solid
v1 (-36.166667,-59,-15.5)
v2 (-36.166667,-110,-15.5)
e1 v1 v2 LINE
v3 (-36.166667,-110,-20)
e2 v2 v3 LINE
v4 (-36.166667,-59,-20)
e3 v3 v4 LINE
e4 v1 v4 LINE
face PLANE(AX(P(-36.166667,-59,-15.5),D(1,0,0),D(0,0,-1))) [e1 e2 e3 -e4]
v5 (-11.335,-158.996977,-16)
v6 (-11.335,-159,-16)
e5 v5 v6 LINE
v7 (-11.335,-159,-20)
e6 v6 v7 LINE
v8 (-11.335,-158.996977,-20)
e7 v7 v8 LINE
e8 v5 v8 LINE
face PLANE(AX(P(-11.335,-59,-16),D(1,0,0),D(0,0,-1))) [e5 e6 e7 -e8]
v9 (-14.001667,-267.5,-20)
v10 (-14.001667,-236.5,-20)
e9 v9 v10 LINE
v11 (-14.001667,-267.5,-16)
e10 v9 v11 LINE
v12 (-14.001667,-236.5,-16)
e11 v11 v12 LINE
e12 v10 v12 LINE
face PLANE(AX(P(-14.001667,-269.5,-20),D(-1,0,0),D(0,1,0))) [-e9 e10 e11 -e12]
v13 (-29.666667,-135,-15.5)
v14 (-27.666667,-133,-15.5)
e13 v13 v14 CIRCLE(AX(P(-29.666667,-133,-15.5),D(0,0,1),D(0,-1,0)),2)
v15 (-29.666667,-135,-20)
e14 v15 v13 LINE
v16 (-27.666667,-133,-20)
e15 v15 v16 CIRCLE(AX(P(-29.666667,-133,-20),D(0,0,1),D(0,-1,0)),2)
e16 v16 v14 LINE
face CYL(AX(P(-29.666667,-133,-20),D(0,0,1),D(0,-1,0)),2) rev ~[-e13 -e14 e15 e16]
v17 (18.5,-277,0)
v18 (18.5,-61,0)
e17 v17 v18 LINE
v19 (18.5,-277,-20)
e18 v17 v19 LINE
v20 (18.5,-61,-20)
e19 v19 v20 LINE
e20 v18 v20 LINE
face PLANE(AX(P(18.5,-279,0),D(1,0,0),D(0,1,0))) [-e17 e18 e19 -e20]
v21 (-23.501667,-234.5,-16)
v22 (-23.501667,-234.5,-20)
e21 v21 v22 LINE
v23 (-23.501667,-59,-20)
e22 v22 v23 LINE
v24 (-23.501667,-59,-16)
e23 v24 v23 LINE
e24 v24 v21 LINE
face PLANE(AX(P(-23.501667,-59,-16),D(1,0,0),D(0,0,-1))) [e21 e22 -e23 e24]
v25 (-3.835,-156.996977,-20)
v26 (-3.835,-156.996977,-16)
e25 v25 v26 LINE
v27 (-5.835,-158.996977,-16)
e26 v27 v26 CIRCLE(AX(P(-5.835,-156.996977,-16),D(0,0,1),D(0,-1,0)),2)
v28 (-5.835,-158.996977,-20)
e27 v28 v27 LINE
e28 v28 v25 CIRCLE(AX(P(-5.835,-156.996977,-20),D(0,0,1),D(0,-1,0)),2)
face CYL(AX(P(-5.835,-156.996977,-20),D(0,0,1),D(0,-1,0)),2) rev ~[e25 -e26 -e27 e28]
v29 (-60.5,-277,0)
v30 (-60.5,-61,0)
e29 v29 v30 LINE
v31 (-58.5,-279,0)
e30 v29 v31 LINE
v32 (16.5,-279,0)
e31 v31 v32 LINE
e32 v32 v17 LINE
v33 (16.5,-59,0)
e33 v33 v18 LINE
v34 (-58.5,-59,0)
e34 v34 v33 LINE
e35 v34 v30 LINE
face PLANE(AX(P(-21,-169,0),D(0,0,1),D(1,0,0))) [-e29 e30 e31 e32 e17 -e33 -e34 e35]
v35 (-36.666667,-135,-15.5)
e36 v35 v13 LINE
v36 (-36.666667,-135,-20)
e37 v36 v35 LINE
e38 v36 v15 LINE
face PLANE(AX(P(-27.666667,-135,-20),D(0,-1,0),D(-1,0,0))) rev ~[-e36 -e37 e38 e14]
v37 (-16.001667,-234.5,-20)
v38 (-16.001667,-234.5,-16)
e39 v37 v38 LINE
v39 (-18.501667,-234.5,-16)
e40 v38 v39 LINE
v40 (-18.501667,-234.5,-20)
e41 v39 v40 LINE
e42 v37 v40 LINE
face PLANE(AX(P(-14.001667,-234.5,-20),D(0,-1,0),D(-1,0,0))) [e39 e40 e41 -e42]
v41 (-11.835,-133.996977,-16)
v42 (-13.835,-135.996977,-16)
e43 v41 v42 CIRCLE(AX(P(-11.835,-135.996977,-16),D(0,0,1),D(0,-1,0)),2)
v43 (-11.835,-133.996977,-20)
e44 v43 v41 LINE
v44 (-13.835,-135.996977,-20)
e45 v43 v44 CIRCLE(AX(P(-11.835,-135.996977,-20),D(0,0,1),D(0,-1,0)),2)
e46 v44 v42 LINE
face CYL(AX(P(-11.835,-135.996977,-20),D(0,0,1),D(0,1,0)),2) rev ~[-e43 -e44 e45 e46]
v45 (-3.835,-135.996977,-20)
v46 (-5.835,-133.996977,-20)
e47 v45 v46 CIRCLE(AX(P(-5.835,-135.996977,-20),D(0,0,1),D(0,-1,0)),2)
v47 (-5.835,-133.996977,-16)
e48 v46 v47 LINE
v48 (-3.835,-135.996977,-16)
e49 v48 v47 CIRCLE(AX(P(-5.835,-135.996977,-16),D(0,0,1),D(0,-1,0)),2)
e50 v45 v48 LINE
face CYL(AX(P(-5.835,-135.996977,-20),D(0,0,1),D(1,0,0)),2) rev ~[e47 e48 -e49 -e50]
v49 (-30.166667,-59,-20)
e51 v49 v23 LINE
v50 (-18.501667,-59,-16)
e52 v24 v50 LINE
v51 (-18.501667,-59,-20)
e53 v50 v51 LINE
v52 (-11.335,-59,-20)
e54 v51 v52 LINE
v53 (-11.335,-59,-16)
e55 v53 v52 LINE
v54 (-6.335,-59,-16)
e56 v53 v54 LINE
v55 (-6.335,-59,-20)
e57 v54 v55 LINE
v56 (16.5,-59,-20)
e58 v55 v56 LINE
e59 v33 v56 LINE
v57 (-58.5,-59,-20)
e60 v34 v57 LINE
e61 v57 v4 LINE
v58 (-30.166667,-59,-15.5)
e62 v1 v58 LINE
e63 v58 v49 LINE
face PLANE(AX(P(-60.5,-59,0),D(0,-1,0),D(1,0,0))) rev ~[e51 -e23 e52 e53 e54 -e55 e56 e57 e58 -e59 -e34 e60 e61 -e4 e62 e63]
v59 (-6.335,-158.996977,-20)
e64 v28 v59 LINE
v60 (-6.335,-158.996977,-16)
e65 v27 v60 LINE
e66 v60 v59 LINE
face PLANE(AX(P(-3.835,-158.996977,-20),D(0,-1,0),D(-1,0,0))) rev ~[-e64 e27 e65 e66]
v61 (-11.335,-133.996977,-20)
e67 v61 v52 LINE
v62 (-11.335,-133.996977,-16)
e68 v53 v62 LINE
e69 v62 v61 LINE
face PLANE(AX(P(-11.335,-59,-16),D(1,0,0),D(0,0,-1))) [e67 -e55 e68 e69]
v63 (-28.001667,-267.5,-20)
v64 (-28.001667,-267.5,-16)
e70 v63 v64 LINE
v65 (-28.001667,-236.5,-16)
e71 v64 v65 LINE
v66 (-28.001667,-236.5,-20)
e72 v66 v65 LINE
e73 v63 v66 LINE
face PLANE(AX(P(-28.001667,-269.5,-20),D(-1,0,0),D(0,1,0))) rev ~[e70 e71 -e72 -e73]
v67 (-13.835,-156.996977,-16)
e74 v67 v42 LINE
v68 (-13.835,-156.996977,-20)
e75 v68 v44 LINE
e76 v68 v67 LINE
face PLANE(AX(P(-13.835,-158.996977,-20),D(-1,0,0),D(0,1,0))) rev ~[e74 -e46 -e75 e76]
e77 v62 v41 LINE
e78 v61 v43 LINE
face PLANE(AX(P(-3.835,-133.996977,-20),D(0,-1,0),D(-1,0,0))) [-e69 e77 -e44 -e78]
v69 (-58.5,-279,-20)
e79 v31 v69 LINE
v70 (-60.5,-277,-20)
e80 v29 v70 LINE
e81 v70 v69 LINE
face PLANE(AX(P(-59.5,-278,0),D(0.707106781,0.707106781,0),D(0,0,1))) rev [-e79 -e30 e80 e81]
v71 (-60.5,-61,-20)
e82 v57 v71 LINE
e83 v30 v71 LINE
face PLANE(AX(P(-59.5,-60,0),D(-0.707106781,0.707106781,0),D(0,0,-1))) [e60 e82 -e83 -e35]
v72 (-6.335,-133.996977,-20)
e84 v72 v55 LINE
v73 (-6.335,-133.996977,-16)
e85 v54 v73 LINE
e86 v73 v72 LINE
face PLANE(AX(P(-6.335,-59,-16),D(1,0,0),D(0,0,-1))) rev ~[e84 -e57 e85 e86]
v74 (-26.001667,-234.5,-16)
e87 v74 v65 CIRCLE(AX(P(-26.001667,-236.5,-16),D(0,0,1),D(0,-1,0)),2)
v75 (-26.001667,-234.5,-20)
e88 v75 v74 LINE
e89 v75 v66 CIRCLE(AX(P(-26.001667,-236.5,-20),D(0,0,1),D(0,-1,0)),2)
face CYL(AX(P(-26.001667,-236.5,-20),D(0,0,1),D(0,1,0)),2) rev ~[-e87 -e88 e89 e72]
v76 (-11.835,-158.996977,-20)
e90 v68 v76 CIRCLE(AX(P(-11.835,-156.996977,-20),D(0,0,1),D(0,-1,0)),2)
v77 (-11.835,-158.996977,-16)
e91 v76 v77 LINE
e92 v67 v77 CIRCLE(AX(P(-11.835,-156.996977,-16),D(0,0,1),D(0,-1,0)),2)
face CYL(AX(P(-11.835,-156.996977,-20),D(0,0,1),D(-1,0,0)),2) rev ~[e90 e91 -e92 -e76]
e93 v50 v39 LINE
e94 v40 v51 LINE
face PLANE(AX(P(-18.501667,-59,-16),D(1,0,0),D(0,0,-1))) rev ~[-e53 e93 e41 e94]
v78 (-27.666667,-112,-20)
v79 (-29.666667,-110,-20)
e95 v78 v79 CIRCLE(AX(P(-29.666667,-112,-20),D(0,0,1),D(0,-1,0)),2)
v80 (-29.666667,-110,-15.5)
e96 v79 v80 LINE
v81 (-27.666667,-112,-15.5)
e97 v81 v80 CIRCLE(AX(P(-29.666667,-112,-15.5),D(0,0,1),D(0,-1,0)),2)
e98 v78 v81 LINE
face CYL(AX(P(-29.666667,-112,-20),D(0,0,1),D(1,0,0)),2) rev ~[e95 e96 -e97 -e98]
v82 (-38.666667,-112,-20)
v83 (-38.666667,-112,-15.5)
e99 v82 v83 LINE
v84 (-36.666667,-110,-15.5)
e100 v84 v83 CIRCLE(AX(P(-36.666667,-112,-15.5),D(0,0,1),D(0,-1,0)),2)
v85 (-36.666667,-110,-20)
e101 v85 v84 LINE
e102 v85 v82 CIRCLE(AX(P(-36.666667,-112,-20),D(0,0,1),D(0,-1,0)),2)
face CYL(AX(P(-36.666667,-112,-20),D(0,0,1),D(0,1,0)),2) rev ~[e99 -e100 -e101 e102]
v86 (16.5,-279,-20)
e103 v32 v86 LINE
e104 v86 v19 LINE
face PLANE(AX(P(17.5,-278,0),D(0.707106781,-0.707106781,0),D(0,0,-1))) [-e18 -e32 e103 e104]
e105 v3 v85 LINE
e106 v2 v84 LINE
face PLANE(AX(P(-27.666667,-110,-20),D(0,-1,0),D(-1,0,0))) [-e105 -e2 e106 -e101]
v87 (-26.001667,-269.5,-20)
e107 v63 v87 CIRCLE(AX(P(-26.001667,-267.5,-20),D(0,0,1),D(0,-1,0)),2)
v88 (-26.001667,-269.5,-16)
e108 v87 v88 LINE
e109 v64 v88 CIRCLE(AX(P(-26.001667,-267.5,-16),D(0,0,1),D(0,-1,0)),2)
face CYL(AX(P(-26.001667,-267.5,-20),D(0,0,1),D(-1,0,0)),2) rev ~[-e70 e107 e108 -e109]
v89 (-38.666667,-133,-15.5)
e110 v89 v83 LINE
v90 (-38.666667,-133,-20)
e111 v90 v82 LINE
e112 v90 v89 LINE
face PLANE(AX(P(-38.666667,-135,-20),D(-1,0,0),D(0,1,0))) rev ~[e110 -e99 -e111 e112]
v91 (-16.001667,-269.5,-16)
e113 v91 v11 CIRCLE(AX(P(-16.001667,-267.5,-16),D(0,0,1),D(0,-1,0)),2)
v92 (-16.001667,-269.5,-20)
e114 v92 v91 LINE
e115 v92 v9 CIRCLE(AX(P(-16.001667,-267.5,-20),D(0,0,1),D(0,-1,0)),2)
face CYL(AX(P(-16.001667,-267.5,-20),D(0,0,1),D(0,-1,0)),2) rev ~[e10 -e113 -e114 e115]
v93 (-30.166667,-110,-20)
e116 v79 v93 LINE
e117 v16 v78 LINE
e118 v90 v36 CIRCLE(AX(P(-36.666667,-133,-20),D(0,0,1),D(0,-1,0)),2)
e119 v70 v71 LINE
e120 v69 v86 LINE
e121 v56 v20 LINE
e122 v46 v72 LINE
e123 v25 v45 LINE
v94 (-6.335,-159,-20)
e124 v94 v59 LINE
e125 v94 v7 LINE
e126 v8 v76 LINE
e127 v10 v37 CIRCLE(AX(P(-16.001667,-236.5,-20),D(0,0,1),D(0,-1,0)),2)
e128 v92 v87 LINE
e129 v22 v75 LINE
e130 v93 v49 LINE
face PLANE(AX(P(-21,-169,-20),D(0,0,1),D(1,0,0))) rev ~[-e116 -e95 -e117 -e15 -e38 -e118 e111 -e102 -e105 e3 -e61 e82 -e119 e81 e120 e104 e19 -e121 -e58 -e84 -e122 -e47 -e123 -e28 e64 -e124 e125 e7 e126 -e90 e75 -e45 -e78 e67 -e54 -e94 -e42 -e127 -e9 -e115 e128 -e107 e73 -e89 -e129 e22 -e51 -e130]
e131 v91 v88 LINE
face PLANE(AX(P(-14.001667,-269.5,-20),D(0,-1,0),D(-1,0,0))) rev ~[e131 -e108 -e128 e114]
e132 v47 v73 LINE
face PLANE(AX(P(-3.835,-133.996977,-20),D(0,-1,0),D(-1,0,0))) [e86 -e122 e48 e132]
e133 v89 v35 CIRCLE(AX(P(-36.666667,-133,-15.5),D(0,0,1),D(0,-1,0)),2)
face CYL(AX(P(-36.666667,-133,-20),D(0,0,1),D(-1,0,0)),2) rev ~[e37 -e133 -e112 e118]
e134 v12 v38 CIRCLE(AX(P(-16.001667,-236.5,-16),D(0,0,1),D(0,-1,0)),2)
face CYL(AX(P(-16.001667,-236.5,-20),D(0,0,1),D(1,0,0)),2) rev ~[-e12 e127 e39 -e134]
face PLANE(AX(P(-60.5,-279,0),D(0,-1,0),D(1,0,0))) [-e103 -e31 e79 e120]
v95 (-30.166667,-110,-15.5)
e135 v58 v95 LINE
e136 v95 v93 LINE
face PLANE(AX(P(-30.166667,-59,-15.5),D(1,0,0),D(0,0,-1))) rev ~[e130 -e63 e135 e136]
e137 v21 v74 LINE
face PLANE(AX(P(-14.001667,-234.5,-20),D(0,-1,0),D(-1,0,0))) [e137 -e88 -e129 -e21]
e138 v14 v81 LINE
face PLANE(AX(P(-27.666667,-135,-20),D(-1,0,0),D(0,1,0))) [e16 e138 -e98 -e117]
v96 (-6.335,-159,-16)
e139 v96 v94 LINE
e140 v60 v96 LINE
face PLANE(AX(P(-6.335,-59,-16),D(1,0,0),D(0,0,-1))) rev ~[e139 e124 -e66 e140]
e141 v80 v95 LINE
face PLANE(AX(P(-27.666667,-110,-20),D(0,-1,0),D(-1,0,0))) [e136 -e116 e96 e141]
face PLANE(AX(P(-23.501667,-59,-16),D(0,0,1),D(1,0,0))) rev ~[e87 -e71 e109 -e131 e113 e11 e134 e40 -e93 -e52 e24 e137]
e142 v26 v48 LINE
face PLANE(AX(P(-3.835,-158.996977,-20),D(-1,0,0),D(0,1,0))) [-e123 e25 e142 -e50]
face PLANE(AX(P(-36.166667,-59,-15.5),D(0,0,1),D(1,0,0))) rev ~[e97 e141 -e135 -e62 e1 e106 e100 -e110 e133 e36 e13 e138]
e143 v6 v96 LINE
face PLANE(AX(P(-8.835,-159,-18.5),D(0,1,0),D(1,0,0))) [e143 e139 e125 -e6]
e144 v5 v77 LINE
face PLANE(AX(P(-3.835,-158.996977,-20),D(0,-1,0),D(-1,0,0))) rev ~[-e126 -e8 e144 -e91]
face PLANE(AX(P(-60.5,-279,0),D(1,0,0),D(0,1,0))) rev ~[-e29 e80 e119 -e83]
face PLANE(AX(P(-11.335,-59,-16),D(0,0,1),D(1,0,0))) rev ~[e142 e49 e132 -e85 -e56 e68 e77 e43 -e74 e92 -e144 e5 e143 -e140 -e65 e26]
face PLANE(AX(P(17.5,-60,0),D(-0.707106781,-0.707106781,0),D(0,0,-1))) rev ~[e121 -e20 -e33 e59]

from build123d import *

# Parameters (mm, degrees)
SKETCH1_W           = 79
SKETCH1_H           = 220
BOSS_EXTRUDE1_DEPTH = 20
SKETCH2_W           = 6
SKETCH2_H           = 6
CUT_EXTRUDE1_DEPTH  = 76
SKETCH3_W           = 5
SKETCH3_H           = 5
CUT_EXTRUDE2_DEPTH  = 189
SKETCH4_W           = 5
SKETCH4_H           = 5
CUT_EXTRUDE3_DEPTH  = 100
SKETCH5_W           = 10
SKETCH5_H           = 25
CUT_EXTRUDE4_DEPTH  = 4
FILLET1_R           = 2
SKETCH6_W           = 11
SKETCH6_H           = 25
CUT_EXTRUDE5_DEPTH  = 4.5
FILLET2_R           = 2
SKETCH7_W           = 14
SKETCH7_H           = 35
CUT_EXTRUDE6_DEPTH  = 4
FILLET3_R           = 2
CHAMFER1_SIZE       = 2


with BuildPart() as part:
    # Sketch1 → Boss-Extrude1 (new body)
    with BuildSketch(Plane.XY):
        with Locations((-21, -169)):
            Rectangle(SKETCH1_W, SKETCH1_H)
    extrude(amount=-BOSS_EXTRUDE1_DEPTH)

    # Sketch2 → Cut-Extrude1 (cut)
    with BuildSketch(Plane(origin=(0, -59, 0), x_dir=(1, 0, 0), z_dir=(0, 1, 0))):
        with Locations((-33.166666667, 18.5)):
            Rectangle(SKETCH2_W, SKETCH2_H)
    extrude(amount=-CUT_EXTRUDE1_DEPTH, mode=Mode.SUBTRACT)

    # Sketch3 → Cut-Extrude2 (cut)
    with BuildSketch(Plane(origin=(0, -59, 0), x_dir=(1, 0, 0), z_dir=(0, 1, 0))):
        with Locations((-21.001666667, 18.5)):
            Rectangle(SKETCH3_W, SKETCH3_H)
    extrude(amount=-CUT_EXTRUDE2_DEPTH, mode=Mode.SUBTRACT)

    # Sketch4 → Cut-Extrude3 (cut)
    with BuildSketch(Plane(origin=(0, -59, 0), x_dir=(1, 0, 0), z_dir=(0, 1, 0))):
        with Locations((-8.835, 18.5)):
            Rectangle(SKETCH4_W, SKETCH4_H)
    extrude(amount=-CUT_EXTRUDE3_DEPTH, mode=Mode.SUBTRACT)

    # Sketch5 → Cut-Extrude4 (cut)
    with BuildSketch(Plane(origin=(0, 0, -20), x_dir=(-1, 0, 0), z_dir=(0, 0, -1))):
        with Locations((8.835, -146.496976588)):
            Rectangle(SKETCH5_W, SKETCH5_H)
    extrude(amount=-CUT_EXTRUDE4_DEPTH, mode=Mode.SUBTRACT)

    # Fillet1
    fillet1_edges = [part.edges().sort_by_distance(p)[0] for p in [
        (-13.835, -158.996976588, -18),
        (-3.835, -133.996976588, -18),
        (-13.835, -133.996976588, -18),
        (-3.835, -158.996976588, -18),
    ]]
    fillet(fillet1_edges, radius=FILLET1_R)

    # Sketch6 → Cut-Extrude5 (cut)
    with BuildSketch(Plane(origin=(0, 0, -20), x_dir=(-1, 0, 0), z_dir=(0, 0, -1))):
        with Locations((33.166666667, -122.5)):
            Rectangle(SKETCH6_W, SKETCH6_H)
    extrude(amount=-CUT_EXTRUDE5_DEPTH, mode=Mode.SUBTRACT)

    # Fillet2
    fillet2_edges = [part.edges().sort_by_distance(p)[0] for p in [
        (-38.666666667, -135, -17.75),
        (-27.666666667, -110, -17.75),
        (-38.666666667, -110, -17.75),
        (-27.666666667, -135, -17.75),
    ]]
    fillet(fillet2_edges, radius=FILLET2_R)

    # Sketch7 → Cut-Extrude6 (cut)
    with BuildSketch(Plane(origin=(0, 0, -20), x_dir=(-1, 0, 0), z_dir=(0, 0, -1))):
        with Locations((21.001666667, -252)):
            Rectangle(SKETCH7_W, SKETCH7_H)
    extrude(amount=-CUT_EXTRUDE6_DEPTH, mode=Mode.SUBTRACT)

    # Fillet3
    fillet3_edges = [part.edges().sort_by_distance(p)[0] for p in [
        (-14.001666667, -234.5, -18),
        (-14.001666667, -269.5, -18),
        (-28.001666667, -269.5, -18),
        (-28.001666667, -234.5, -18),
    ]]
    fillet(fillet3_edges, radius=FILLET3_R)

    # Chamfer1
    chamfer1_edges = [part.edges().sort_by_distance(p)[0] for p in [
        (18.5, -279, -10),
        (-60.5, -279, -10),
        (-60.5, -59, -10),
        (18.5, -59, -10),
    ]]
    chamfer(chamfer1_edges, length=CHAMFER1_SIZE)


solid = part.part
